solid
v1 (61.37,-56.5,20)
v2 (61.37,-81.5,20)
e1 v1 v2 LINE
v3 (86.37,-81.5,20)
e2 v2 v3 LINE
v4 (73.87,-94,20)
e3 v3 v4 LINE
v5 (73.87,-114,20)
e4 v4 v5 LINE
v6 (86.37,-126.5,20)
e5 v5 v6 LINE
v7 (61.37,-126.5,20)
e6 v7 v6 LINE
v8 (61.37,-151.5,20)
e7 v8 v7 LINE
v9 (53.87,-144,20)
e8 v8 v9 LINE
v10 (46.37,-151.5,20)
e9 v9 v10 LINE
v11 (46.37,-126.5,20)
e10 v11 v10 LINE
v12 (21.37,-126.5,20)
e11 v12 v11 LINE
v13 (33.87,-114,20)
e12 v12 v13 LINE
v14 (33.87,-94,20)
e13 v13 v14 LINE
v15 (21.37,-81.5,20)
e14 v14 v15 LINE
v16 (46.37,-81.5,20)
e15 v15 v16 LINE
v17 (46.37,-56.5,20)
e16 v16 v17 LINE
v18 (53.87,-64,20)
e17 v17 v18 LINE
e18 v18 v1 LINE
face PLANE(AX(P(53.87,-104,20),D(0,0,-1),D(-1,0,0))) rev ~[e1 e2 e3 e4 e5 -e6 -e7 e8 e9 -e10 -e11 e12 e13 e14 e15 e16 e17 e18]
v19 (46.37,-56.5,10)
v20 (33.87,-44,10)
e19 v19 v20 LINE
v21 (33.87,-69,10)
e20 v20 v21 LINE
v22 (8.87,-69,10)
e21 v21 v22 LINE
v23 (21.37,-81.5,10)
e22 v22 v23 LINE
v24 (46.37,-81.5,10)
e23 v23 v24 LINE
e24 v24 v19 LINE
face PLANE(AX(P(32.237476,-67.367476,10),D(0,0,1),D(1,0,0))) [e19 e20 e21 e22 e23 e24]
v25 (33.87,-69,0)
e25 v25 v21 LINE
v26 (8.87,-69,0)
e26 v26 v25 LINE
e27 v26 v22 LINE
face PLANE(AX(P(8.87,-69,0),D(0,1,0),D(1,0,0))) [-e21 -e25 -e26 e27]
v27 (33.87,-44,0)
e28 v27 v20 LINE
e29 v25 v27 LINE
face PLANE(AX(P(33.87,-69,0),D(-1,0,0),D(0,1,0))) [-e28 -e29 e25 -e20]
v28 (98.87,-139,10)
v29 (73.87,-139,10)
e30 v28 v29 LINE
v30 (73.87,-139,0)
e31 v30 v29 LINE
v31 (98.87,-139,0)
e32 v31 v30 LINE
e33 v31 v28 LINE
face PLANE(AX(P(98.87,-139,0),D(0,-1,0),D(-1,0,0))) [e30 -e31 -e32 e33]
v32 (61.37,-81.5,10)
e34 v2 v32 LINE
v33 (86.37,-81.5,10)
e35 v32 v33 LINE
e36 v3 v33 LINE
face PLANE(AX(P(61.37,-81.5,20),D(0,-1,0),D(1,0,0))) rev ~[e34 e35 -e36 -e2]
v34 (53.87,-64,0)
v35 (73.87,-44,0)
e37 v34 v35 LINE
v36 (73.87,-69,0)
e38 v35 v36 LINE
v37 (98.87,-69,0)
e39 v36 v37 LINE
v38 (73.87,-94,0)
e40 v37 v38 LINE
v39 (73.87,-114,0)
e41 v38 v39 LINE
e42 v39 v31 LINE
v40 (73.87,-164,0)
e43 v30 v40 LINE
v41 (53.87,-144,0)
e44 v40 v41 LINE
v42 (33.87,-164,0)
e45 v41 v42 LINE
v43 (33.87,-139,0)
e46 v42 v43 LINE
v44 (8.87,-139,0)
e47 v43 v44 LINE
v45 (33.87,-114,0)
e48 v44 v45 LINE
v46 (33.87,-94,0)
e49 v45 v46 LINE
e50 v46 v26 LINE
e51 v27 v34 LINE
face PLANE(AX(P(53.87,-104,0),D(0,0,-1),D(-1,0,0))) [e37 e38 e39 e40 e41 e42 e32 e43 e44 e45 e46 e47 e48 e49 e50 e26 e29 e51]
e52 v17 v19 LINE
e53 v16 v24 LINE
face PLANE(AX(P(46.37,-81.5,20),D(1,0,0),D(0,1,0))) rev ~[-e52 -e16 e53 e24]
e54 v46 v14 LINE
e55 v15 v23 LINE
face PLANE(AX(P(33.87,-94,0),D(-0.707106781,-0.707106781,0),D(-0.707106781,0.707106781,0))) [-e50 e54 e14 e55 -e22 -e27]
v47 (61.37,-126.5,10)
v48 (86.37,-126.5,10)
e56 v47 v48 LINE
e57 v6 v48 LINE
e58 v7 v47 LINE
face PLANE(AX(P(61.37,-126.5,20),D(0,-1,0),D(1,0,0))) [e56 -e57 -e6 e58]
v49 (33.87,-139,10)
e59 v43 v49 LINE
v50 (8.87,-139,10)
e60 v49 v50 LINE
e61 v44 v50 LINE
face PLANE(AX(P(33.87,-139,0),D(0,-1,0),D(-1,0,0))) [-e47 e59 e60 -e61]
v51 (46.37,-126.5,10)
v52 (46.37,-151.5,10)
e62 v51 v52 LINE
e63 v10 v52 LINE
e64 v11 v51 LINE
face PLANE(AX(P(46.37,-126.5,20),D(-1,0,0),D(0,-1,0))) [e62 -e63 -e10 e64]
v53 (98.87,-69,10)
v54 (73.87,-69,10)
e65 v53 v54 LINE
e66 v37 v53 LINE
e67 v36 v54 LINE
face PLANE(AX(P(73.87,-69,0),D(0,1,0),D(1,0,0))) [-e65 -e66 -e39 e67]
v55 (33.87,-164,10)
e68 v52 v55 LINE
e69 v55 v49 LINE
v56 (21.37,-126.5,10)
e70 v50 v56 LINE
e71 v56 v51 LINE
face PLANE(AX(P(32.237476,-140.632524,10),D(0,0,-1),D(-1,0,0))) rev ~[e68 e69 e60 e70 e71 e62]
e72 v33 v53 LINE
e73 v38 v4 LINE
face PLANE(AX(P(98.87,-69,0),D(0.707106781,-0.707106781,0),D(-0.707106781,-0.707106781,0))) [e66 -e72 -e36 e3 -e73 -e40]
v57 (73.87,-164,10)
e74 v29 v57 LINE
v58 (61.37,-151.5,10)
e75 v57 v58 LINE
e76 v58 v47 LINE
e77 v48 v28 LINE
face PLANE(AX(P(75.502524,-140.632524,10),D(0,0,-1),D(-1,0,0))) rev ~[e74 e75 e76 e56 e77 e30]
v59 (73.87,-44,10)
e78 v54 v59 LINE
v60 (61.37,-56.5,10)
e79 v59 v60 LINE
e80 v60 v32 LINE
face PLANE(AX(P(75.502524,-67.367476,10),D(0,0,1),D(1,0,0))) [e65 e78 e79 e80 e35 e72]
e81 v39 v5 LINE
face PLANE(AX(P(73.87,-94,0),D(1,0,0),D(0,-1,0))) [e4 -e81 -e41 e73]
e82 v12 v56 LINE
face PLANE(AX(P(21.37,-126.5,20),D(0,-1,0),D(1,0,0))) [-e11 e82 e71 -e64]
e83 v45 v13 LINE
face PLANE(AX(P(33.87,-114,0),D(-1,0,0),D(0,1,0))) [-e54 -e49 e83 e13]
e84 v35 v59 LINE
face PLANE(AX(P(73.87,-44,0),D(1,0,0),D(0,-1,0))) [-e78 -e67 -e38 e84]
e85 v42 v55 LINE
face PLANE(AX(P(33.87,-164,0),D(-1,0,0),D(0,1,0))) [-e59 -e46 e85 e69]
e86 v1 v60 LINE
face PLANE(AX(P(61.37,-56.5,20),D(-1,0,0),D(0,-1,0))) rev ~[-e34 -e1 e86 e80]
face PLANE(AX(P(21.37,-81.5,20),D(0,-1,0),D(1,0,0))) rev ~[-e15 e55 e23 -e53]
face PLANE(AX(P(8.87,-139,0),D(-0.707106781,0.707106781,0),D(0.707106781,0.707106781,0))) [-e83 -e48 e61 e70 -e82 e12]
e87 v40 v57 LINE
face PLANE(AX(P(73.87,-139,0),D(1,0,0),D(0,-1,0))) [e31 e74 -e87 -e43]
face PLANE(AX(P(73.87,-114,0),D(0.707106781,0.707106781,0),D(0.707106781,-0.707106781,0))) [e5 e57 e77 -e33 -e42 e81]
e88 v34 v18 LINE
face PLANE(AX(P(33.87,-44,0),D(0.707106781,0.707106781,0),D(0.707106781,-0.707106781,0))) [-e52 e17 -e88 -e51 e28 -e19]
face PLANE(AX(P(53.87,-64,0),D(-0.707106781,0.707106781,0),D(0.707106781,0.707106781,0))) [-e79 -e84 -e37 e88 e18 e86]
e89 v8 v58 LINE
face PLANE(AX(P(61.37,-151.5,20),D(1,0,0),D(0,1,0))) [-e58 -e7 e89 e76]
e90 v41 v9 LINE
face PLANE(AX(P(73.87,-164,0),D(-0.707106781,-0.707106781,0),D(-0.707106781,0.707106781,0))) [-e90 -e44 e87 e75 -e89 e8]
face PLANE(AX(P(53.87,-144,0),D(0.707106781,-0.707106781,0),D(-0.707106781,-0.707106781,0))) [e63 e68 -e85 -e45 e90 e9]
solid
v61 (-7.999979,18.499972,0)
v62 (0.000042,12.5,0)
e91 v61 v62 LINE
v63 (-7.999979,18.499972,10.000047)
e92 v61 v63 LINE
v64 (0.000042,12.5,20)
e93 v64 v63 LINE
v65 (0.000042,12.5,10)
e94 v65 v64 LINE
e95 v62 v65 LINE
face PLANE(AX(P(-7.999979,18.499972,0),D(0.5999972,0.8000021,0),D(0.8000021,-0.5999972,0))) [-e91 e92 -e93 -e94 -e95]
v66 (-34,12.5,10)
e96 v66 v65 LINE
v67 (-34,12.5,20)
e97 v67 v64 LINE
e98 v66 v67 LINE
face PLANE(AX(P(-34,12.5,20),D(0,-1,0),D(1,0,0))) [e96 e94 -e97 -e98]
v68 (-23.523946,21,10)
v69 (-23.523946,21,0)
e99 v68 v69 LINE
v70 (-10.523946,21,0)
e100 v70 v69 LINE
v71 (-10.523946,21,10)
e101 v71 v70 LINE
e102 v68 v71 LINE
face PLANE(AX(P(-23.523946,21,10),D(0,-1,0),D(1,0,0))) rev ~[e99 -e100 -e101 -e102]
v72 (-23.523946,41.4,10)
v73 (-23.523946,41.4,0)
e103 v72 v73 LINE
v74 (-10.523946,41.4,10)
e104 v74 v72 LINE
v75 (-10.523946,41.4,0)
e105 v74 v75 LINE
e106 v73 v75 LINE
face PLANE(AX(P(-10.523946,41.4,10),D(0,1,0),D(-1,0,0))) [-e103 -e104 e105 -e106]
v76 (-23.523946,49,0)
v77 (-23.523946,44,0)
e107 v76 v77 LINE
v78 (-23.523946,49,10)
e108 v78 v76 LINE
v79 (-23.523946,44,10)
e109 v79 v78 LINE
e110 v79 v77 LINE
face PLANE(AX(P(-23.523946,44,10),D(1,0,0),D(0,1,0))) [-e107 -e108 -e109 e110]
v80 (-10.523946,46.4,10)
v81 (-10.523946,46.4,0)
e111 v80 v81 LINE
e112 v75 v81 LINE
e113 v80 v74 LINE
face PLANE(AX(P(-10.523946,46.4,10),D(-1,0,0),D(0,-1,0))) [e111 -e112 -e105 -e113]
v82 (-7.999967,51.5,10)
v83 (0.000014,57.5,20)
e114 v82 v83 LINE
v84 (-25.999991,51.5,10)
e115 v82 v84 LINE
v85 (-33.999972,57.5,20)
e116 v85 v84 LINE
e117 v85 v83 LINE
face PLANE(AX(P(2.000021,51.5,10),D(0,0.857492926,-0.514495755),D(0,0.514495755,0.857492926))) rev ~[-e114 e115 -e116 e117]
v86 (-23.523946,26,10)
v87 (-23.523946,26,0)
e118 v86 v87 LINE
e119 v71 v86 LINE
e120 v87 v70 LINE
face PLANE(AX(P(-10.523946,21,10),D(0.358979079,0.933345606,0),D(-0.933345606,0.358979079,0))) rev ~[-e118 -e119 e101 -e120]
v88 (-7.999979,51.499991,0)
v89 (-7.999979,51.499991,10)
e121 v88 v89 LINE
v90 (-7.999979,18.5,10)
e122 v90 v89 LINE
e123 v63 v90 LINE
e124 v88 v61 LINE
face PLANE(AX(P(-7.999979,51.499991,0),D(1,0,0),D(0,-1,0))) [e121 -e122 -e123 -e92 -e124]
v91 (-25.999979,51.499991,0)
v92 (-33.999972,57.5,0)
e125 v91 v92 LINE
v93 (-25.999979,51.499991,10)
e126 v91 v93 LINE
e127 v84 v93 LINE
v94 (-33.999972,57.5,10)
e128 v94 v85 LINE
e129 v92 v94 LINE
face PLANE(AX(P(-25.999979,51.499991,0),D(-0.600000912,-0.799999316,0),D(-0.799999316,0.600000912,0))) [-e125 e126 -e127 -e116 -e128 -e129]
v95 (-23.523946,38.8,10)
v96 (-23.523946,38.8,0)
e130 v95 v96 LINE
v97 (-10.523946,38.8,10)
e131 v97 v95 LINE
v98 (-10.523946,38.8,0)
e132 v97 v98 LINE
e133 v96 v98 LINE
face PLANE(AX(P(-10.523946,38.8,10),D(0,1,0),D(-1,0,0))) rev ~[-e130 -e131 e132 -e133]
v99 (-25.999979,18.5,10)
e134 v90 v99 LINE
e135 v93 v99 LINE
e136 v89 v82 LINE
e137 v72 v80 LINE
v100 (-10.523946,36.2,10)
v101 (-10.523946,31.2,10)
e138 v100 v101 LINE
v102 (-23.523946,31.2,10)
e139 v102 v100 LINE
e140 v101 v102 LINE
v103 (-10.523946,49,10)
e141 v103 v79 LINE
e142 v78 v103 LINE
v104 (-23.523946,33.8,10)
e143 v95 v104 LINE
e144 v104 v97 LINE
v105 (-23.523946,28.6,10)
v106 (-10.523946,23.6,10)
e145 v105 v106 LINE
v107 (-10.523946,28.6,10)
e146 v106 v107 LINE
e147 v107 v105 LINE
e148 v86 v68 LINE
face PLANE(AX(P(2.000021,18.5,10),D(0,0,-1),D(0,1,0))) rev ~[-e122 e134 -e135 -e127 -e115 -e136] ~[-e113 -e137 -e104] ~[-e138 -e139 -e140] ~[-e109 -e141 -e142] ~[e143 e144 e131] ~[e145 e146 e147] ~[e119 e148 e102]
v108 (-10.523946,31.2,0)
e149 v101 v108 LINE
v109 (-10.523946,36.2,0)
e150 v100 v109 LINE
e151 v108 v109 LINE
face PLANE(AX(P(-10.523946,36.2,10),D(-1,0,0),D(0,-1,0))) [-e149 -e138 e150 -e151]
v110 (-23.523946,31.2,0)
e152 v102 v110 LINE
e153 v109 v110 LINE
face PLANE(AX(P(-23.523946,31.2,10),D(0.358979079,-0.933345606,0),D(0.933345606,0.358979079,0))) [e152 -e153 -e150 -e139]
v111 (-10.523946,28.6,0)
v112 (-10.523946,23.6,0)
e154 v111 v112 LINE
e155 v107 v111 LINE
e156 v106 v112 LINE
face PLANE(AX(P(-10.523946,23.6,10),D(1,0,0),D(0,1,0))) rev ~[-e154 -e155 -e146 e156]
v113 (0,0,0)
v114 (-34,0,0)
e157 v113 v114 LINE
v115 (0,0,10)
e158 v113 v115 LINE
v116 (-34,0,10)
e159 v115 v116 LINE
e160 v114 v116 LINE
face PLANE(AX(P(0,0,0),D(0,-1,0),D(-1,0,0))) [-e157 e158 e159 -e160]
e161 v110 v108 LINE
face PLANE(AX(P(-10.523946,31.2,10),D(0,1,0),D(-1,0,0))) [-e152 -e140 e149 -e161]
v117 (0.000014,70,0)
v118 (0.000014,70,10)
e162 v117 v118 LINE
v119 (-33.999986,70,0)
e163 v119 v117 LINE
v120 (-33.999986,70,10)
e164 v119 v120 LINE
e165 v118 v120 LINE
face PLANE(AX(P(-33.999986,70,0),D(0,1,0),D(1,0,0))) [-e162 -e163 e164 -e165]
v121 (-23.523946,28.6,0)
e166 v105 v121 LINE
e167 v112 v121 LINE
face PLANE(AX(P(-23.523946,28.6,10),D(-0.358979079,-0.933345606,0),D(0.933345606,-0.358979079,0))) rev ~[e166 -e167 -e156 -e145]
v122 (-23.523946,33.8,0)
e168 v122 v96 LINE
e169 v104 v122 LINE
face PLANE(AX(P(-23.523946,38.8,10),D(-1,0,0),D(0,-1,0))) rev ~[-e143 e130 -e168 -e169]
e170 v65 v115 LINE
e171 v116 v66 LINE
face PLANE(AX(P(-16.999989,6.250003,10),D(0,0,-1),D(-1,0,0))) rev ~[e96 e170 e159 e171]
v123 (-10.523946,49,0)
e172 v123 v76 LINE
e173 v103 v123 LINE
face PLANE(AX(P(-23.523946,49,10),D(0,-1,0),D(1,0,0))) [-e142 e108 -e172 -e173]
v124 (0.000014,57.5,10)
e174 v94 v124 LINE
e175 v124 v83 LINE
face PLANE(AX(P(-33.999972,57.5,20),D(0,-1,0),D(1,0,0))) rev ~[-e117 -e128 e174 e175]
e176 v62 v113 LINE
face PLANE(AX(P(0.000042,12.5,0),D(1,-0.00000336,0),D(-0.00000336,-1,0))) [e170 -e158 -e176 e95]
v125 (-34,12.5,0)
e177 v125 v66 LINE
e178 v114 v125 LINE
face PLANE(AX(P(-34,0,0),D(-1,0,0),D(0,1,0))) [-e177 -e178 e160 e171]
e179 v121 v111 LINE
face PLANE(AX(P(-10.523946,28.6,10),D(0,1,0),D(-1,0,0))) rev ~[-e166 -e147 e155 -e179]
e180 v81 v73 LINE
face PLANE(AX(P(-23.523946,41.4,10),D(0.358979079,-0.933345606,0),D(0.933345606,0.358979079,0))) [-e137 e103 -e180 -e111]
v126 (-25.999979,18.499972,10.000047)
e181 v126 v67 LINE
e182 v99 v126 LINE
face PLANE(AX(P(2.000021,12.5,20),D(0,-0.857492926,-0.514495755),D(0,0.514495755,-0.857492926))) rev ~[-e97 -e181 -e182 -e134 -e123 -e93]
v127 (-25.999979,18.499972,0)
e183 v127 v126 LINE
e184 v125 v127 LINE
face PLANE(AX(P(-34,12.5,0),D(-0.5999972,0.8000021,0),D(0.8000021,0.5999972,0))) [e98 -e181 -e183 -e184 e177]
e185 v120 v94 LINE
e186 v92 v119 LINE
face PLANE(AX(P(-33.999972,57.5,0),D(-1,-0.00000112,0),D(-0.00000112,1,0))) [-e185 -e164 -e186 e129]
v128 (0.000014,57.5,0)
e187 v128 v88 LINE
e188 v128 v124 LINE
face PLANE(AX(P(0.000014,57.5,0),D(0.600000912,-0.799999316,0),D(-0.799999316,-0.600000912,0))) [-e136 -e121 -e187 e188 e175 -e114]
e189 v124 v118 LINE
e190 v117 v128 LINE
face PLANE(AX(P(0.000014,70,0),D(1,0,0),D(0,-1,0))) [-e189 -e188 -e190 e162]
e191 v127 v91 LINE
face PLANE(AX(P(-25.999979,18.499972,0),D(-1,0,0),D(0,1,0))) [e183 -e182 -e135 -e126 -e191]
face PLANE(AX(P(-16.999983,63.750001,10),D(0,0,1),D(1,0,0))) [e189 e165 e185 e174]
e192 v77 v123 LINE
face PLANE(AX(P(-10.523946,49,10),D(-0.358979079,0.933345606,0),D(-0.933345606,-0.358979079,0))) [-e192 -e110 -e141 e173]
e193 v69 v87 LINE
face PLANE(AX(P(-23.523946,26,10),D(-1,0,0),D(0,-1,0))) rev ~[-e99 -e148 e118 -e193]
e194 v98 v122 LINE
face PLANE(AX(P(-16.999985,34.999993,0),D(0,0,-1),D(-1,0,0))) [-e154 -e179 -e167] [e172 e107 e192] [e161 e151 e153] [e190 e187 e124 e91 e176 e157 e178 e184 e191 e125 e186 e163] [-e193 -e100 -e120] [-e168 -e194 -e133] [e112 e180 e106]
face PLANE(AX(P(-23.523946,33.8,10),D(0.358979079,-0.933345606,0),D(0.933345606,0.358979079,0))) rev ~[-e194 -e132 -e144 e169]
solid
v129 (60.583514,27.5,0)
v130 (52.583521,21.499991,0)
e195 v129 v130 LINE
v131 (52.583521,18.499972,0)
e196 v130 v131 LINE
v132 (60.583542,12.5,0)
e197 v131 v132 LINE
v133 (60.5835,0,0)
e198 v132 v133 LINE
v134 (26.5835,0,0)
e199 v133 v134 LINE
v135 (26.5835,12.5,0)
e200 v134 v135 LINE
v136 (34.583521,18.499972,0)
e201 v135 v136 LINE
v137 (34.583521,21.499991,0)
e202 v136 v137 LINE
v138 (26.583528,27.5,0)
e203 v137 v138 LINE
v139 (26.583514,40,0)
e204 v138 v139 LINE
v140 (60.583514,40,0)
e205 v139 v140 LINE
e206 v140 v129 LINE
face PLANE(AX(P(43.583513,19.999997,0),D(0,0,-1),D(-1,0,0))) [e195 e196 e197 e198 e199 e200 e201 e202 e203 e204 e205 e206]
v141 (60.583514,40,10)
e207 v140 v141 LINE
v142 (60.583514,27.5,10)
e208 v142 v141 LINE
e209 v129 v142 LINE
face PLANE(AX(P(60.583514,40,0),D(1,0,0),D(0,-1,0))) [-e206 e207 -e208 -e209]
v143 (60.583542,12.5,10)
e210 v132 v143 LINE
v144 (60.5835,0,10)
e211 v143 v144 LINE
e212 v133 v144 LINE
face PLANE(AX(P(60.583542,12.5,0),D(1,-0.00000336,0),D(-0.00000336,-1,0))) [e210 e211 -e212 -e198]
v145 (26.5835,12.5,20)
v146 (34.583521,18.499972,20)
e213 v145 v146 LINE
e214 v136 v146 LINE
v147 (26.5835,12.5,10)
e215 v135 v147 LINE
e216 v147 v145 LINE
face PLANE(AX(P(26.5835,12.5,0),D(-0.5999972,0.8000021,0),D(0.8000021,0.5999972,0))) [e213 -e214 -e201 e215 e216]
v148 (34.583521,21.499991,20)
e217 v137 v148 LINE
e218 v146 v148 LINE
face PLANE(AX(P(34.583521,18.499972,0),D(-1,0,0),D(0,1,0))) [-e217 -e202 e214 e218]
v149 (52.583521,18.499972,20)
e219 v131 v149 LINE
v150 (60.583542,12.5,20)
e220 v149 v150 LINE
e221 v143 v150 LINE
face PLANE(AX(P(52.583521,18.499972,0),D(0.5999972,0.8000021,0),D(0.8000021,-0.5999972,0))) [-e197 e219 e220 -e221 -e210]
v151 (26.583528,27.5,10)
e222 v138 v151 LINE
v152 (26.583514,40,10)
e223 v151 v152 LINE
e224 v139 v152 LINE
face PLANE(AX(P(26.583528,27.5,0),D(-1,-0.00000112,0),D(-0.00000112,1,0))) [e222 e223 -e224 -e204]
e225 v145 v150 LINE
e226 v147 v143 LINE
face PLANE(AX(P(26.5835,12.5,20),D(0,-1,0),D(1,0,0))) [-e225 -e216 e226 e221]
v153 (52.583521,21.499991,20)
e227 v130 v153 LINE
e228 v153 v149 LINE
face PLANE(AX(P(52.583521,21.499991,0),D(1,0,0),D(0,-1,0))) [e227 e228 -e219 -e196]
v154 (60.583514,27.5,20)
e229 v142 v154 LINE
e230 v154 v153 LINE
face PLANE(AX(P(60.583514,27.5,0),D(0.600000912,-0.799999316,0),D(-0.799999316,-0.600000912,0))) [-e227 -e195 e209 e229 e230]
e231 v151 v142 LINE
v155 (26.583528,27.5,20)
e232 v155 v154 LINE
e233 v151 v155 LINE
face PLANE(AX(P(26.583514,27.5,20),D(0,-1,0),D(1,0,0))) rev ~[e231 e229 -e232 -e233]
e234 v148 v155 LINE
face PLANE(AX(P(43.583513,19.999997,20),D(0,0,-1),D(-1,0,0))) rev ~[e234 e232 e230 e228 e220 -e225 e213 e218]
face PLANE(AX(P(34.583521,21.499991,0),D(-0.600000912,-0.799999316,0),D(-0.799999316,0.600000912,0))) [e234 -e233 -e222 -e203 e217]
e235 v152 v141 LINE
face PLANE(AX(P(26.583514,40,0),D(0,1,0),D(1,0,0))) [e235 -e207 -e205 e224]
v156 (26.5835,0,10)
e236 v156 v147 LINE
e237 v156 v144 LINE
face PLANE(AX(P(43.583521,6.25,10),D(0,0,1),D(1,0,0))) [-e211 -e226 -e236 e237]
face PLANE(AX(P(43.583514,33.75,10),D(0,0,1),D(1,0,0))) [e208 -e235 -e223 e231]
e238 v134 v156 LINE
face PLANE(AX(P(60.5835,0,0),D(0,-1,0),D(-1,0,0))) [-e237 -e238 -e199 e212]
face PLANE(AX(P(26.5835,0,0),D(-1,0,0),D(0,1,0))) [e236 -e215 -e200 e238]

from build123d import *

# Parameters (mm, degrees)
PAD_DEPTH       = 20
POCKET_DEPTH    = 10
POCKET001_DEPTH = 10
POCKET005_DEPTH = 40
POCKET006_DEPTH = 10.001
PAD001_DEPTH    = 20
SKETCH010_W     = 34
SKETCH010_H     = 12.5
SKETCH010_W_2   = 34.000042
POCKET007_DEPTH = 10
PAD002_DEPTH    = 20
POCKET003_DEPTH = 10
POCKET004_DEPTH = 10


with BuildPart() as body:
    # Sketch → Pad (new body)
    with BuildSketch(Plane.XY):
        Polygon((-33.999986, 70), (1.4e-05, 70), (1.4e-05, 57.5), (-7.999979, 51.499991), (-7.999979, 18.499972), (4.2e-05, 12.5), (0, 0), (-34, 0), (-34, 12.5), (-25.999979, 18.499972), (-25.999979, 51.499991), (-33.999972, 57.5), align=None)
    extrude(amount=PAD_DEPTH)

    # Sketch003 (on Face14 of Pad) → Pocket (cut)
    with BuildSketch(Plane.XY.offset(20)):
        Polygon((-34, 12.5), (4.2e-05, 12.5), (0, 0), (-34, 0), align=None)
    extrude(amount=-POCKET_DEPTH, mode=Mode.SUBTRACT)

    # Sketch004 (on Face5 of Pocket) → Pocket001 (cut)
    with BuildSketch(Plane.XY.offset(20)):
        Polygon((-33.999972, 57.5), (1.4e-05, 57.5), (1.4e-05, 70), (-33.999986, 70), align=None)
    extrude(amount=-POCKET001_DEPTH, mode=Mode.SUBTRACT)

    # Sketch008 (on Face8 of Pocket001) → Pocket005 (cut)
    with BuildSketch(Plane.YZ.offset(2.000021)):
        Polygon((12.5, 20), (18.5, 10), (51.5, 10), (57.5, 20), align=None)
    extrude(amount=-POCKET005_DEPTH, mode=Mode.SUBTRACT)

    # Sketch009 (on Face16 of Pocket005) → Pocket006 (cut, through all)
    with BuildSketch(Plane.XY.offset(10)):
        Polygon((-23.523946, 26), (-23.523946, 21), (-10.523946, 21), align=None)
        Polygon((-23.523946, 28.6), (-10.523946, 23.6), (-10.523946, 28.6), align=None)
        Polygon((-23.523946, 49), (-10.523946, 49), (-23.523946, 44), align=None)
        Polygon((-23.523946, 41.4), (-10.523946, 46.4), (-10.523946, 41.4), align=None)
        Polygon((-23.523946, 38.8), (-23.523946, 33.8), (-10.523946, 38.8), align=None)
        Polygon((-23.523946, 31.2), (-10.523946, 36.2), (-10.523946, 31.2), align=None)
    extrude(amount=-POCKET006_DEPTH, mode=Mode.SUBTRACT)


with BuildPart() as i2_4cm:
    # Sketch001 → Pad001 (new body)
    with BuildSketch(Plane.XY):
        Polygon((-33.999986, 40), (1.4e-05, 40), (1.4e-05, 27.5), (-7.999979, 21.499991), (-7.999979, 18.499972), (4.2e-05, 12.5), (0, 0), (-34, 0), (-34, 12.5), (-25.999979, 18.499972), (-25.999979, 21.499991), (-33.999972, 27.5), align=None)
    extrude(amount=PAD001_DEPTH)

    # Sketch010 (on Face14 of Pad001) → Pocket007 (cut)
    with BuildSketch(Plane.XY.offset(20)):
        with Locations((-16.999986, 33.75)):
            Rectangle(SKETCH010_W, SKETCH010_H)
        with Locations((-16.999979, 6.25)):
            Rectangle(SKETCH010_W_2, SKETCH010_H)
    extrude(amount=-POCKET007_DEPTH, mode=Mode.SUBTRACT)


with BuildPart() as i2_4cm_1:
    # Body001 placement: moved
    add(i2_4cm.part.moved(Location((60.5835, 0, 0))))


with BuildPart() as star:
    # Sketch002 → Pad002 (new body)
    with BuildSketch(Plane.XY):
        Polygon((33.87, -44), (53.87, -64), (73.87, -44), (73.87, -69), (98.87, -69), (73.87, -94), (73.87, -114), (98.87, -139), (73.87, -139), (73.87, -164), (53.87, -144), (33.87, -164), (33.87, -139), (8.87, -139), (33.87, -114), (33.87, -94), (8.87, -69), (33.87, -69), align=None)
    extrude(amount=PAD002_DEPTH)

    # Sketch006 (on Face20 of Pad002) → Pocket003 (cut)
    with BuildSketch(Plane.XY.offset(20)):
        Polygon((21.37, -126.5), (46.37, -126.5), (46.37, -151.5), (33.87, -164), (33.87, -139), (8.87, -139), align=None)
        Polygon((21.37, -81.5), (46.37, -81.5), (46.37, -56.5), (33.87, -44), (33.87, -69), (8.87, -69), align=None)
        Polygon((73.87, -44), (61.37, -56.5), (61.37, -81.5), (86.37, -81.5), (98.87, -69), (73.87, -69), align=None)
    extrude(amount=-POCKET003_DEPTH, mode=Mode.SUBTRACT)

    # Sketch007 (on Face23 of Pocket003) → Pocket004 (cut)
    with BuildSketch(Plane.XY.offset(20)):
        Polygon((61.37, -151.5), (61.37, -126.5), (86.37, -126.5), (98.87, -139), (73.87, -139), (73.87, -164), align=None)
    extrude(amount=-POCKET004_DEPTH, mode=Mode.SUBTRACT)


solid = Compound([body.part, i2_4cm_1.part, star.part])
